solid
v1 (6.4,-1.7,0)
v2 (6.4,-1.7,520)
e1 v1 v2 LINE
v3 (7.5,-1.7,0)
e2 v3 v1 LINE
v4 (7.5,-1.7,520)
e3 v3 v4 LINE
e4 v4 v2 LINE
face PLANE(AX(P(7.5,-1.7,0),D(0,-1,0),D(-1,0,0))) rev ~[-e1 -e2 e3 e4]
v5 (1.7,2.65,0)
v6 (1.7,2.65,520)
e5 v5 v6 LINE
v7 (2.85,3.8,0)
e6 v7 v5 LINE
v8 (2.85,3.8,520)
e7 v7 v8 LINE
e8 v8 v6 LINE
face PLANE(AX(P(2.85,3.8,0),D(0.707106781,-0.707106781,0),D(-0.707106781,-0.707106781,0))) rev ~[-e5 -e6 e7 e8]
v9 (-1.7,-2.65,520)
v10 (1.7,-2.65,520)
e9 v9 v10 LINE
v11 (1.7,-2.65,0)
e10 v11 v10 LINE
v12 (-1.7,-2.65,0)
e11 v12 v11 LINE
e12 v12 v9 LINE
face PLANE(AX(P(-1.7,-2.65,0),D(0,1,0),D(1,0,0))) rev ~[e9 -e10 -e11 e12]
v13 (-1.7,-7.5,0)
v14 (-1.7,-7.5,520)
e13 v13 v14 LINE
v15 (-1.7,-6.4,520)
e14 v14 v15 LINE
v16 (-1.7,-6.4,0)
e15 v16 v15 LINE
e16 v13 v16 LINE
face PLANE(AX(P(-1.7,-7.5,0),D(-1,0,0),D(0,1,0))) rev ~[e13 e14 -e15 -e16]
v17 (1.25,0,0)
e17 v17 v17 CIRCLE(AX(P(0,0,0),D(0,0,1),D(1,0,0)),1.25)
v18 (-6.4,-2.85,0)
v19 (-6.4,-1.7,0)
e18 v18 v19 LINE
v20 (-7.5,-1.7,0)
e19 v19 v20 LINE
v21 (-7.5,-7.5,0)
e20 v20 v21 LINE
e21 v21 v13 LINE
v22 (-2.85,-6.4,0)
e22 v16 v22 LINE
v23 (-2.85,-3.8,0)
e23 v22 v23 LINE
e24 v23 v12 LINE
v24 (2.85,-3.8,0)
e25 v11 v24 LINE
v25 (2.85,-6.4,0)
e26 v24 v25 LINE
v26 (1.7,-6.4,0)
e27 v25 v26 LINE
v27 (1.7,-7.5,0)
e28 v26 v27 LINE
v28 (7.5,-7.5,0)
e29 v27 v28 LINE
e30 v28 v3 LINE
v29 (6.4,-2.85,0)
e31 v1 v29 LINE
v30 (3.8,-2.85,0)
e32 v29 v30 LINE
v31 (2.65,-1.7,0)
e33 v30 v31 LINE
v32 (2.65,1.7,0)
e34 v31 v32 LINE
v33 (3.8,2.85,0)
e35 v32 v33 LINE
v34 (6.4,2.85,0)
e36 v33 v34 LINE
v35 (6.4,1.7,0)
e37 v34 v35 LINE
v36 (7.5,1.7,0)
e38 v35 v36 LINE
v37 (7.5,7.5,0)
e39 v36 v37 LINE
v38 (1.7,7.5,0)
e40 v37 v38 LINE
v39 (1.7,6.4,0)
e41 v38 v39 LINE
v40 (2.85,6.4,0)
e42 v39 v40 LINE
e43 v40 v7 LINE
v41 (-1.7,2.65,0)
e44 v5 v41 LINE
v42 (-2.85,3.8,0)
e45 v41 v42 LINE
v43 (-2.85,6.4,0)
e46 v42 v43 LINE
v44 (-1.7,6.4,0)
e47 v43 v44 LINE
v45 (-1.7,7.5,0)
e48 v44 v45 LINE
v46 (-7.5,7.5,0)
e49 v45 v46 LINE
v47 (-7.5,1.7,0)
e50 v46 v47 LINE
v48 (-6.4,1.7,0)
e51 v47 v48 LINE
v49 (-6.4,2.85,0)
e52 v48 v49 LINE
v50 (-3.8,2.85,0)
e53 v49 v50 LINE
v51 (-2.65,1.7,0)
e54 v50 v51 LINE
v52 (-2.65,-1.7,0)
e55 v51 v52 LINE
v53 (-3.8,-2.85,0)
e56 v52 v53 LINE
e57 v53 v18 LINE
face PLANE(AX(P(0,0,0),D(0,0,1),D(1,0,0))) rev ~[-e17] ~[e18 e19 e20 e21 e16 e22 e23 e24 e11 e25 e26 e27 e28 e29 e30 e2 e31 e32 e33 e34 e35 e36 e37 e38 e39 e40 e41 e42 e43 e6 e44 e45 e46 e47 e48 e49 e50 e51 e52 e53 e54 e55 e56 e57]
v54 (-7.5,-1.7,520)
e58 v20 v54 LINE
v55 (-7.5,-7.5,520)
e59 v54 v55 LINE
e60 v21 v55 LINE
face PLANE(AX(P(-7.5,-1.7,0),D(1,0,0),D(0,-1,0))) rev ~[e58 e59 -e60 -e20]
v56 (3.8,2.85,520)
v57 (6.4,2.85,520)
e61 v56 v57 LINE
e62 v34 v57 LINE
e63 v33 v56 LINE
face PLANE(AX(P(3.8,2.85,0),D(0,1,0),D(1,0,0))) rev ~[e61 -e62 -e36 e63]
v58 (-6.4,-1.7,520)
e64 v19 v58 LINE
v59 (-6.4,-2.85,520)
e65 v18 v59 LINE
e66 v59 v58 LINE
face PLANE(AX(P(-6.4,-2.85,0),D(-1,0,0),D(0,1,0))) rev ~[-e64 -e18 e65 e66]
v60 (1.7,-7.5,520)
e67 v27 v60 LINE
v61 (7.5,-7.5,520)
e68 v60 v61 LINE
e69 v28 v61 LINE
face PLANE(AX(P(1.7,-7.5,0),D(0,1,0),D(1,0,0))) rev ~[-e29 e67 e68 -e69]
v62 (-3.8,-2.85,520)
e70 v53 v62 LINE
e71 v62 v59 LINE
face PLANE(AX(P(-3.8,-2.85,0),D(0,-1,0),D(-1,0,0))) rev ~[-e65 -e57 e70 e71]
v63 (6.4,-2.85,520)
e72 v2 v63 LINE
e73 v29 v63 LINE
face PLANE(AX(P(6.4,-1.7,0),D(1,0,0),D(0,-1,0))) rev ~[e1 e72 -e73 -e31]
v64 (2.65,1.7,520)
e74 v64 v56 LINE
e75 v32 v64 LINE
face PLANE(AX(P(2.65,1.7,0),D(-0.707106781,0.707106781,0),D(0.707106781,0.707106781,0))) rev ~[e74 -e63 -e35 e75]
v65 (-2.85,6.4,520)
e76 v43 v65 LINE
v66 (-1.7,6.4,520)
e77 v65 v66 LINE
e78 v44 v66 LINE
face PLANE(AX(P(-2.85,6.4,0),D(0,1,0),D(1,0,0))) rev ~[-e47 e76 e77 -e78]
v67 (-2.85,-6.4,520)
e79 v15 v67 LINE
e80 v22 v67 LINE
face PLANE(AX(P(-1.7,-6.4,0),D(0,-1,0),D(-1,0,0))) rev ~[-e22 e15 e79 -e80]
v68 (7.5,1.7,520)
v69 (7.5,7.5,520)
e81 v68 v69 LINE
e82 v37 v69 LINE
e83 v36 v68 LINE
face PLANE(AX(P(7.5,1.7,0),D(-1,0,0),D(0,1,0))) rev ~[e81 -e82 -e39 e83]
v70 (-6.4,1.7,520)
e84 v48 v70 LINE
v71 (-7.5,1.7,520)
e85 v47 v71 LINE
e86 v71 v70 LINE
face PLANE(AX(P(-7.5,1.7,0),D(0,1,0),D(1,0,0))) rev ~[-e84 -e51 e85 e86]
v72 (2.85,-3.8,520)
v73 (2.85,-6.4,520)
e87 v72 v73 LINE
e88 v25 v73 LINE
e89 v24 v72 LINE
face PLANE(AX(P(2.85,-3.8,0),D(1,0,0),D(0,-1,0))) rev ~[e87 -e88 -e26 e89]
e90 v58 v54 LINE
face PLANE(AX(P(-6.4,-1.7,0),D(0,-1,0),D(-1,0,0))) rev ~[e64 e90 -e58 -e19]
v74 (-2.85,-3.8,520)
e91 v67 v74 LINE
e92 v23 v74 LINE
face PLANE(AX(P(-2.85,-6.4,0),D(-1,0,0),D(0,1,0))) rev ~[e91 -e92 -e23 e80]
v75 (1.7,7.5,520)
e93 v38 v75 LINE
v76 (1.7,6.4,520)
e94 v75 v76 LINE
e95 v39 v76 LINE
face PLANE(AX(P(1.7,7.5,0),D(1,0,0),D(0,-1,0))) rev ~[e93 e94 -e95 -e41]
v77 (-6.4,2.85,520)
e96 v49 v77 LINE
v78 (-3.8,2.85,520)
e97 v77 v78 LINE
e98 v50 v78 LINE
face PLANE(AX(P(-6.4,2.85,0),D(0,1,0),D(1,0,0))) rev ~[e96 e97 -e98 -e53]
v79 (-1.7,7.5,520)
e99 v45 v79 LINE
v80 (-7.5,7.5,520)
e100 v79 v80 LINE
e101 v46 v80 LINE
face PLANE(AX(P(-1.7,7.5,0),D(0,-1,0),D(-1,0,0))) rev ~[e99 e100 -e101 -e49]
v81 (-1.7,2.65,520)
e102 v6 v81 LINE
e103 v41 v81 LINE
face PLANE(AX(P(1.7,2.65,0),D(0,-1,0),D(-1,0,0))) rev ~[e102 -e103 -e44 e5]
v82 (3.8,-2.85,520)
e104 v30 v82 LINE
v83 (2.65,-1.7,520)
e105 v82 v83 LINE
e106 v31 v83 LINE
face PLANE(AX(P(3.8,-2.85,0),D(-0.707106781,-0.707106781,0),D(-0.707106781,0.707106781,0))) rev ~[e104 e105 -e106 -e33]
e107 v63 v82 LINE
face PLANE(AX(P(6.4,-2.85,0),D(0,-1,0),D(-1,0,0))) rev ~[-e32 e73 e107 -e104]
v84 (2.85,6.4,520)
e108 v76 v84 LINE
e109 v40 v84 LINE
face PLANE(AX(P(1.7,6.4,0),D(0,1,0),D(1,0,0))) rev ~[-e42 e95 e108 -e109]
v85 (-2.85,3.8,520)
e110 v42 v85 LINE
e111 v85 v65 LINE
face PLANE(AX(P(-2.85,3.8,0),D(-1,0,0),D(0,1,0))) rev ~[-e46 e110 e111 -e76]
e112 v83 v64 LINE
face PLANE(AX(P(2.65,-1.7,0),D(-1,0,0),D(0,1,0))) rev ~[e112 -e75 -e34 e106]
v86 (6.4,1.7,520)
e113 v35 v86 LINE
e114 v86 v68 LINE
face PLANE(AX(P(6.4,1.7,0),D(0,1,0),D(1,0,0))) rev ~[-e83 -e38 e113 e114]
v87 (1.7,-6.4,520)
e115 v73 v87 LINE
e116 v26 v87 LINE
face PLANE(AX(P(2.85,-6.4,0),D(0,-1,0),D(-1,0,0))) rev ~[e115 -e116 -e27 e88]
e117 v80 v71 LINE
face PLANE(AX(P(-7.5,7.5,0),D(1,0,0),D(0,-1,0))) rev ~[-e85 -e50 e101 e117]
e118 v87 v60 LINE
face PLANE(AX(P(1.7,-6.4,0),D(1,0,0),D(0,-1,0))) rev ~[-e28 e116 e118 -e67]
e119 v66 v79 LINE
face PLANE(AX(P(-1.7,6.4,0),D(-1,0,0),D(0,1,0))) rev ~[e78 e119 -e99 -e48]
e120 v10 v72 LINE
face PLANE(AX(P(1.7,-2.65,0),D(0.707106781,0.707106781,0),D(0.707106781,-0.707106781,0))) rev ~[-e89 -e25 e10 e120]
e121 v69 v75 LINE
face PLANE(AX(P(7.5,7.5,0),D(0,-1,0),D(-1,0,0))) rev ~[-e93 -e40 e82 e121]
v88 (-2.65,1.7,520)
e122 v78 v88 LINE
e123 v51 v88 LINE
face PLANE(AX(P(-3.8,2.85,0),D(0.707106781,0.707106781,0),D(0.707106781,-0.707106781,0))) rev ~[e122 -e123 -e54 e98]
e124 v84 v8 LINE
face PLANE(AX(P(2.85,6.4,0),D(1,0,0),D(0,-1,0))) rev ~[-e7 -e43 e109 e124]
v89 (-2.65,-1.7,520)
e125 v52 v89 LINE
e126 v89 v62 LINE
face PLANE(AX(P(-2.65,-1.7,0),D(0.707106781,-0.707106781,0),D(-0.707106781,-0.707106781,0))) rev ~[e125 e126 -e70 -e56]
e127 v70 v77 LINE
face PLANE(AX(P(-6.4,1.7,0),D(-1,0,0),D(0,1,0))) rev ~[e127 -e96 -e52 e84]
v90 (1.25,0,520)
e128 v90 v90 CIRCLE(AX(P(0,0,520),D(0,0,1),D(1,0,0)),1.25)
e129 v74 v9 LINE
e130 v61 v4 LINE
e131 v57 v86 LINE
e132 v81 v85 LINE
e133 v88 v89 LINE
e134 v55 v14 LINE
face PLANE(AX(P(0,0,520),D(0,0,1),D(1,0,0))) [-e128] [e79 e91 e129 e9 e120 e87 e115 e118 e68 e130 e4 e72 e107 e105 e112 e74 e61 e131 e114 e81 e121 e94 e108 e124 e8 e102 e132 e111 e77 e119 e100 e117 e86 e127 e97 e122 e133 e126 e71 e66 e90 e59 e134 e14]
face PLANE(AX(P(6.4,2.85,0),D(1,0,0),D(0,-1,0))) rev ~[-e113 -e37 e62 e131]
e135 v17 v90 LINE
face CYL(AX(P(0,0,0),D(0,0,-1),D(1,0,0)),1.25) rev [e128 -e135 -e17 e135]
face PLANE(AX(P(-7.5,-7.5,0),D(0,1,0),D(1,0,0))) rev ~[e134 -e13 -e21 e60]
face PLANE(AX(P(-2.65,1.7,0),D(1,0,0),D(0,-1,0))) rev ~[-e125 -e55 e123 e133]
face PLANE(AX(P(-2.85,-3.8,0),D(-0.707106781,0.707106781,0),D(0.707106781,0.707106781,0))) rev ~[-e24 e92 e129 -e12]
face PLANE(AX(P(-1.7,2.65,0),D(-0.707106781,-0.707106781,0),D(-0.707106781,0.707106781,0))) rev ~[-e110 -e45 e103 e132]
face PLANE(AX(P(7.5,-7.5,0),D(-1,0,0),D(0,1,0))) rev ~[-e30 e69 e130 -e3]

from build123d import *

# Parameters (mm, degrees)
SKETCH_2_R      = 1.25
EXTRUDE_1_DEPTH = 520


with BuildPart() as part:
    # ｽｹｯﾁ2 → ﾎﾞｽ - 押し出し1 (new body)
    with BuildSketch(Plane.XY):
        Polygon((1.7, 2.65), (-1.7, 2.65), (-2.85, 3.8), (-2.85, 6.4), (-1.7, 6.4), (-1.7, 7.5), (-7.5, 7.5), (-7.5, 1.7), (-6.4, 1.7), (-6.4, 2.85), (-3.8, 2.85), (-2.65, 1.7), (-2.65, -1.7), (-3.8, -2.85), (-6.4, -2.85), (-6.4, -1.7), (-7.5, -1.7), (-7.5, -7.5), (-1.7, -7.5), (-1.7, -6.4), (-2.85, -6.4), (-2.85, -3.8), (-1.7, -2.65), (1.7, -2.65), (2.85, -3.8), (2.85, -6.4), (1.7, -6.4), (1.7, -7.5), (7.5, -7.5), (7.5, -1.7), (6.4, -1.7), (6.4, -2.85), (3.8, -2.85), (2.65, -1.7), (2.65, 1.7), (3.8, 2.85), (6.4, 2.85), (6.4, 1.7), (7.5, 1.7), (7.5, 7.5), (1.7, 7.5), (1.7, 6.4), (2.85, 6.4), (2.85, 3.8), align=None)
        Circle(SKETCH_2_R, mode=Mode.SUBTRACT)
    extrude(amount=EXTRUDE_1_DEPTH)


solid = part.part
